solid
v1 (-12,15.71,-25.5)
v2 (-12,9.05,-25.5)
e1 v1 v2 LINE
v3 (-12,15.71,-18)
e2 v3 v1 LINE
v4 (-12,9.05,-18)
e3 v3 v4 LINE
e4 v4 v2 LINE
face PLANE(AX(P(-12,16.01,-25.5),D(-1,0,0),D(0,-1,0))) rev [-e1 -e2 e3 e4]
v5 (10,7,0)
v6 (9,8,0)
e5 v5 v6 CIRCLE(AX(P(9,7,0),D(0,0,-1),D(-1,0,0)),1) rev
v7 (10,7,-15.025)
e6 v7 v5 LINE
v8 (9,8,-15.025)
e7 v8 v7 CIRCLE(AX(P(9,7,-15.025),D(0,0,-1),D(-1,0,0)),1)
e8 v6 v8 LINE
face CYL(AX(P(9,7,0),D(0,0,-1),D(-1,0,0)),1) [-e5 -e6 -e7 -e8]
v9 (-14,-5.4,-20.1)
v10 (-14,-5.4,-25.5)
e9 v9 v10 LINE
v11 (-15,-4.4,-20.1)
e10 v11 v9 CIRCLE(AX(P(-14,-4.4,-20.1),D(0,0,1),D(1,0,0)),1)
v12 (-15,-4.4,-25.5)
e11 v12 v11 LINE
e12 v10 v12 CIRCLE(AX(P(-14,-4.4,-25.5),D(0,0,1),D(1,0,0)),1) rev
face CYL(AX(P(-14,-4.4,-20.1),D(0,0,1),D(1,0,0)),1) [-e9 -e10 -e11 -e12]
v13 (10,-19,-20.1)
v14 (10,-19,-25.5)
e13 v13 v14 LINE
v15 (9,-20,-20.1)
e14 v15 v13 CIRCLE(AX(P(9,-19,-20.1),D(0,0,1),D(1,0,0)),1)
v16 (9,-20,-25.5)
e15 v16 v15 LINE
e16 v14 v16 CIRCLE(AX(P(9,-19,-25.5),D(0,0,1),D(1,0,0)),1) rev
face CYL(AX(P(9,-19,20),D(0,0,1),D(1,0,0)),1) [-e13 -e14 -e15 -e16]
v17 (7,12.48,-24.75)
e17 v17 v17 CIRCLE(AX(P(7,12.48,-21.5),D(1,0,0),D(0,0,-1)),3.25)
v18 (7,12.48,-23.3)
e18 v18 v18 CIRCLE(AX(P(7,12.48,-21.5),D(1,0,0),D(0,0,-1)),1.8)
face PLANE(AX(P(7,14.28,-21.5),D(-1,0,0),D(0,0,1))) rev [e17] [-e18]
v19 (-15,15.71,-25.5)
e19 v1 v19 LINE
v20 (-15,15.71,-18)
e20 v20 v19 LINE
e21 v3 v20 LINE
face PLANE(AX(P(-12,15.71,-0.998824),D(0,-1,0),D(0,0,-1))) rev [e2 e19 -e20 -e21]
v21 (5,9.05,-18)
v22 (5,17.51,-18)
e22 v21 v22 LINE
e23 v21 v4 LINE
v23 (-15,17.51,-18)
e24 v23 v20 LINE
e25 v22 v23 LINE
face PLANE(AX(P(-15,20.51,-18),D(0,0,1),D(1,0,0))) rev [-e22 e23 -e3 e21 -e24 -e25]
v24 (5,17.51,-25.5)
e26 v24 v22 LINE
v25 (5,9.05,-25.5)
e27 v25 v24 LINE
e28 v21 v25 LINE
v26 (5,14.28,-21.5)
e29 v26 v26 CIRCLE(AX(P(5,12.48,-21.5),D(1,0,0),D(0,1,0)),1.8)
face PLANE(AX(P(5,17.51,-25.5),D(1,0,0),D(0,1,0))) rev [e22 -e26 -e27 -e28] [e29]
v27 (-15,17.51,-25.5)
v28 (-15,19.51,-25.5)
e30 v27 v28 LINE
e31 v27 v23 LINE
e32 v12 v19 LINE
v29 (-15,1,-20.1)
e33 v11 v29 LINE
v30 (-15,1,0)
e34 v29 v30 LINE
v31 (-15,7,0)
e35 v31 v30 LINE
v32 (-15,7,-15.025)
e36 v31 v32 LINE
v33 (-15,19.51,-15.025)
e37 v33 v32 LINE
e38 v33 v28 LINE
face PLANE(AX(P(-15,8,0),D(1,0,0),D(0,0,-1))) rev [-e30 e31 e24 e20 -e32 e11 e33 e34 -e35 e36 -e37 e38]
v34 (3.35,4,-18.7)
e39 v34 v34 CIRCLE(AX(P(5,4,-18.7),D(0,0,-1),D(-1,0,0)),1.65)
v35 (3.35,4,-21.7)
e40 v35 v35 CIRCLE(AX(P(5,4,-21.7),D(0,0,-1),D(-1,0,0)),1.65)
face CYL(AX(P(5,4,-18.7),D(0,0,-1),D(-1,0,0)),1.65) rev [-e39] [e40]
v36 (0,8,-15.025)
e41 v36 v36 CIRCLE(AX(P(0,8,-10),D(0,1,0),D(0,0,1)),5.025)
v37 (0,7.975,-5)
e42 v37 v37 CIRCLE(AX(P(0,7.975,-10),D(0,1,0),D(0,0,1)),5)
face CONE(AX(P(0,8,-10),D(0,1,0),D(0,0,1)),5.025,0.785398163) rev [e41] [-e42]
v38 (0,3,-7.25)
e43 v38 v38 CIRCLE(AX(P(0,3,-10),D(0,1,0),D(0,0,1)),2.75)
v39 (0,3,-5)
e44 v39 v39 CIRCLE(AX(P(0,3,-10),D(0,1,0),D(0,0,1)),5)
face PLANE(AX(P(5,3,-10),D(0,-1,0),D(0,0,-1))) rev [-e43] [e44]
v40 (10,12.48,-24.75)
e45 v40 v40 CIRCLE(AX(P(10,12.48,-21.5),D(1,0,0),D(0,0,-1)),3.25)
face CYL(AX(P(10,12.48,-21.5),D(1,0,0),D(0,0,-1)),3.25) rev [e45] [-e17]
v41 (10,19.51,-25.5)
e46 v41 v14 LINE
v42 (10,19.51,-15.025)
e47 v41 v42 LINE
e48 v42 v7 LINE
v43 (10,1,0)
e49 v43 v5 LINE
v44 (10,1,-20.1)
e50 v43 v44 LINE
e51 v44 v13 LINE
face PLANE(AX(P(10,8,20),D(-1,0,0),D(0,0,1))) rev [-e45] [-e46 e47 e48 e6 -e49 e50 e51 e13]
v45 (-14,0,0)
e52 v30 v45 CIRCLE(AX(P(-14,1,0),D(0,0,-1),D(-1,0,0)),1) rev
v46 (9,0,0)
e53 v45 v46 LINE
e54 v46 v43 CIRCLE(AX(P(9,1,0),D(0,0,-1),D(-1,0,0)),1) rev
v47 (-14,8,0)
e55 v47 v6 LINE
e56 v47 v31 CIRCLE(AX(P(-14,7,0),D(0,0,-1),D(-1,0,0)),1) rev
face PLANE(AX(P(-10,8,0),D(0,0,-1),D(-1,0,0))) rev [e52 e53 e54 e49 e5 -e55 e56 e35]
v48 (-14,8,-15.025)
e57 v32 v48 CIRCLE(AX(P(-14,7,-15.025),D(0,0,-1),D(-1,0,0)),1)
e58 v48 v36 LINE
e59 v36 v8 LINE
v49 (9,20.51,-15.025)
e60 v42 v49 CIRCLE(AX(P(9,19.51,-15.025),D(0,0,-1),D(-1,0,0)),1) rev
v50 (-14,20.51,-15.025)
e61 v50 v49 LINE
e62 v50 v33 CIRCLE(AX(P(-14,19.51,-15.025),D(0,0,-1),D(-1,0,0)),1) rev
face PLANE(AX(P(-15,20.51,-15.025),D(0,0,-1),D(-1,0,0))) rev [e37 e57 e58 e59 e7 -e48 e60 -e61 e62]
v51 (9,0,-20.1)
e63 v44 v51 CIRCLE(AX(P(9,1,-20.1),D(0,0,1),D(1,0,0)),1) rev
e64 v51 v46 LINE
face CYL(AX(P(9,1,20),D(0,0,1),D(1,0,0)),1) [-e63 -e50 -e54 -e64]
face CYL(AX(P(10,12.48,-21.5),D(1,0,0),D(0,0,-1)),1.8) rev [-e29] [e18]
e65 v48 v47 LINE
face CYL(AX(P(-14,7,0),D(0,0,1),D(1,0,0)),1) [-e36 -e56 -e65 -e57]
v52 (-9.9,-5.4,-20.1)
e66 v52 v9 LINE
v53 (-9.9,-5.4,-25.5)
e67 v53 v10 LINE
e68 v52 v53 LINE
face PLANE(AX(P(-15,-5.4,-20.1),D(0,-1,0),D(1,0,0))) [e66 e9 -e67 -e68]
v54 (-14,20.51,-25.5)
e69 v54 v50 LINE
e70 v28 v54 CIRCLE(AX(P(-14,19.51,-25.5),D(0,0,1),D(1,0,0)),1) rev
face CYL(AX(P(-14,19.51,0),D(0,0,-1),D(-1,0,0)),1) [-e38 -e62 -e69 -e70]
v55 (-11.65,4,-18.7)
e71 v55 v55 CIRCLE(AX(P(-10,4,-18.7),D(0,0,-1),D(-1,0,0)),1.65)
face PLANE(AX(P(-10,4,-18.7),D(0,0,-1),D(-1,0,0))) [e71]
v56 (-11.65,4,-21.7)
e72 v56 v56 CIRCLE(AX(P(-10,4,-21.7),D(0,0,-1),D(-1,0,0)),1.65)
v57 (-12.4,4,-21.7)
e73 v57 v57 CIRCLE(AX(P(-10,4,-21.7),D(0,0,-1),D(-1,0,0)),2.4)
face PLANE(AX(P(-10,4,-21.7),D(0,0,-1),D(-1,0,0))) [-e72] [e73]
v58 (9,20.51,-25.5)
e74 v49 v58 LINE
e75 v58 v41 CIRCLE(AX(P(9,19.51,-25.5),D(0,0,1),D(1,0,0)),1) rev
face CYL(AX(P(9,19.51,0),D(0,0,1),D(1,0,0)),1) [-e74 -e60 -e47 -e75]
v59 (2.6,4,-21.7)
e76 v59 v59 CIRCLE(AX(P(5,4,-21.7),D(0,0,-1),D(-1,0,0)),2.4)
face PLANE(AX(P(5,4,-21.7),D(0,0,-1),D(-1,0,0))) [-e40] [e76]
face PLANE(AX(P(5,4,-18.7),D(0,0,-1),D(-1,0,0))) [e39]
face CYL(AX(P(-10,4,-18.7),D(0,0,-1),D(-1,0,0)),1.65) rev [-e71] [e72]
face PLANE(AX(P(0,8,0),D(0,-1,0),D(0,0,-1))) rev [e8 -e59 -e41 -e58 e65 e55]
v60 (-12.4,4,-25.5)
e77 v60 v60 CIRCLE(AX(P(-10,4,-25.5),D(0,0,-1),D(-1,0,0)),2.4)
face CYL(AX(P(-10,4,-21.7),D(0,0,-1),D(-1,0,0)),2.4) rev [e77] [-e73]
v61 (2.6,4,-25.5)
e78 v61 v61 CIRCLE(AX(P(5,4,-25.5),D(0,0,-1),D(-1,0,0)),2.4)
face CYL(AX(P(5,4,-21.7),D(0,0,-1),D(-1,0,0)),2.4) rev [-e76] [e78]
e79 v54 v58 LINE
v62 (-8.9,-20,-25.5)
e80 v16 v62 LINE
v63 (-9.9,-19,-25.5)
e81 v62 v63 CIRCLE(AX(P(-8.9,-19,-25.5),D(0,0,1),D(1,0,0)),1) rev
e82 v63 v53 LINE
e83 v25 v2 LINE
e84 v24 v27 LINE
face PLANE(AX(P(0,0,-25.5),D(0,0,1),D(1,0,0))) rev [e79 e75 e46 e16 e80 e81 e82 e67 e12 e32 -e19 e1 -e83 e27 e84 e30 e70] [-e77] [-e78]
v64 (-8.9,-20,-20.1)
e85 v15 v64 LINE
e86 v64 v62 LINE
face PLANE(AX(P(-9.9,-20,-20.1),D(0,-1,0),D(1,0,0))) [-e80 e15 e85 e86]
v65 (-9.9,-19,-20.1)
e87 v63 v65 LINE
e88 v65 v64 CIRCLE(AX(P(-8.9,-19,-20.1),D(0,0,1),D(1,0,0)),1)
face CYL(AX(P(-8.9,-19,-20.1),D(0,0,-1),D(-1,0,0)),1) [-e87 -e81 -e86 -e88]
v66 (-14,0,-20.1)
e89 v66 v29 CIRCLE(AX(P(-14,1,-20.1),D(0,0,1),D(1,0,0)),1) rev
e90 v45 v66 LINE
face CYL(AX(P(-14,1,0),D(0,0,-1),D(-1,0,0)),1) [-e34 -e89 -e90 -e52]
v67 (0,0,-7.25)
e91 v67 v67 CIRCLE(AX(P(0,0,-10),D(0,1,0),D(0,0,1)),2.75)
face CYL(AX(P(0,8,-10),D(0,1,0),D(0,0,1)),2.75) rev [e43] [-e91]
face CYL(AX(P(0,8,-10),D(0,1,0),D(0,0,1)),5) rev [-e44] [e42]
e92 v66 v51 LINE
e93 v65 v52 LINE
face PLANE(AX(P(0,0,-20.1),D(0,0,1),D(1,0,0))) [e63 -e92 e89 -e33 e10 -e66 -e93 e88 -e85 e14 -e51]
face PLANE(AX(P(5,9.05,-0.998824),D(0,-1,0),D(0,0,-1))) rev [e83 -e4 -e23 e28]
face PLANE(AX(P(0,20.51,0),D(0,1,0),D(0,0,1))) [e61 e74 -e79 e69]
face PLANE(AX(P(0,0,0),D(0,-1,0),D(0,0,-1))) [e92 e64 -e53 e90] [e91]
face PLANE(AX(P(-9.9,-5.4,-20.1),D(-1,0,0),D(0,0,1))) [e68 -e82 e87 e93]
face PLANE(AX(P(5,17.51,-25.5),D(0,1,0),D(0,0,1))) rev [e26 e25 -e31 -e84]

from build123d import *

# Parameters (mm, degrees)
BOSS_EXTRUDE1_DEPTH            = 8
CBORE_FOR_M5_SHCS1_AT_2_COUNT  = 2
CBORE_FOR_M5_SHCS1_AT_2_PITCH  = 20
SKETCH5_W                      = 25
SKETCH5_H                      = 2.975
BOSS_EXTRUDE2_DEPTH            = 12.51
SKETCH6_W                      = 3
SKETCH6_H                      = 8.01
BOSS_EXTRUDE3_DEPTH            = 7.5
BOSS_EXTRUDE4_DEPTH            = 5.5
SKETCH8_W                      = 17
SKETCH8_H                      = 1.25
BOSS_EXTRUDE5_DEPTH            = 7.5
BOSS_EXTRUDE6_DEPTH            = 5.4
FILLET2_R                      = 1
CBORE_FOR_M3_SHCS1_D           = 3.6
CBORE_FOR_M3_SHCS1_DEPTH       = 5
CBORE_FOR_M3_SHCS1_CBORE_D     = 6.5
CBORE_FOR_M3_SHCS1_CBORE_DEPTH = 3
SKETCH13_R                     = 2.4
CUT_EXTRUDE1_DEPTH             = 3.8
SKETCH14_R                     = 1.65
CUT_EXTRUDE2_DEPTH             = 3
SKETCH15_W                     = 20
SKETCH15_H                     = 20
CUT_EXTRUDE3_DEPTH             = 29
SKETCH16_W                     = 17
SKETCH16_H                     = 0.2
SKETCH16_W_2                   = 3
SKETCH16_H_2                   = 0.3
CUT_EXTRUDE4_DEPTH             = 7.5


with BuildPart() as part:
    # Sketch1 → Boss-Extrude1 (new body)
    with BuildSketch(Plane(origin=(0, 0, 0), x_dir=(1, 0, 0), z_dir=(0, 1, 0))):
        Polygon((-10, 0), (-15, 0), (-15, 20), (-10, 20), (10, 20), (10, -20), (-10, -20), align=None)
    extrude(amount=BOSS_EXTRUDE1_DEPTH)

    # Sketch4 → CBORE for M5 SHCS1 (revolve, cut)
    with BuildSketch(Plane(origin=(0, 8, -10), x_dir=(0, 0, 1), z_dir=(1, 0, 0))):
        Polygon((0, 0), (0, 8), (2.75, 8), (2.75, 5), (5, 5), (5, 0.025), (5.025, 0), align=None)
    cbore_for_m5_shcs1 = revolve(axis=Axis((0, 14.35, -10), (0, -1, 0)), mode=Mode.SUBTRACT)

    # CBORE for M5 SHCS1 at 2: CBORE for M5 SHCS1 ×2
    with Locations(*[(0, 0, i * CBORE_FOR_M5_SHCS1_AT_2_PITCH) for i in range(1, CBORE_FOR_M5_SHCS1_AT_2_COUNT)]):
        add(cbore_for_m5_shcs1, mode=Mode.SUBTRACT)

    # Sketch5 → Boss-Extrude2 (add)
    with BuildSketch(Plane(origin=(0, 8, 0), x_dir=(1, 0, 0), z_dir=(0, 1, 0))):
        with Locations((-2.5, 16.5125)):
            Rectangle(SKETCH5_W, SKETCH5_H)
    extrude(amount=BOSS_EXTRUDE2_DEPTH)

    # Sketch6 → Boss-Extrude3 (add)
    with BuildSketch(Plane(origin=(0, 0, -18), x_dir=(-1, 0, 0), z_dir=(0, 0, -1))):
        Polygon((-10, 20.51), (15, 20.51), (15, 17.51), (-5, 17.51), (-5, 8), (-10, 8), (-10, 20), align=None)
        with Locations((13.5, 12.005)):
            Rectangle(SKETCH6_W, SKETCH6_H)
    extrude(amount=BOSS_EXTRUDE3_DEPTH)

    # Sketch7 → Boss-Extrude4 (add)
    with BuildSketch(Plane(origin=(0, 0, -20), x_dir=(-1, 0, 0), z_dir=(0, 0, -1))):
        Polygon((-10, 0), (15, 0), (15, 8), (12, 8), (-5, 8), (-10, 8), align=None)
    extrude(amount=BOSS_EXTRUDE4_DEPTH)

    # Sketch8 → Boss-Extrude5 (add)
    with BuildSketch(Plane(origin=(0, 0, -18), x_dir=(-1, 0, 0), z_dir=(0, 0, -1))):
        with Locations((3.5, 8.625)):
            Rectangle(SKETCH8_W, SKETCH8_H)
    extrude(amount=BOSS_EXTRUDE5_DEPTH)

    # Sketch9 → Boss-Extrude6 (add)
    with BuildSketch(Plane(origin=(0, 0, -25.5), x_dir=(-1, 0, 0), z_dir=(0, 0, -1))):
        Polygon((-10, 0), (15, 0), (15, -5.4), (9.9, -5.4), (9.9, -20), (-10, -20), align=None)
    extrude(amount=-BOSS_EXTRUDE6_DEPTH)

    # Fillet2
    fillet2_edges = [part.edges().sort_by_distance(p)[0] for p in [
        (10, 0, -0.05),
        (-15, 0, -10.05),
        (10, -20, -22.8),
        (-15, -5.4, -22.8),
        (-9.9, -20, -22.8),
        (-10, 8, 10),
        (-15, 8, -7.5125),
        (-15, 20.51, -20.2625),
        (10, 20.51, -20.2625),
        (10, 8, 2.4875),
    ]]
    fillet(fillet2_edges, radius=FILLET2_R)

    # CBORE for M3 SHCS1
    with Locations(Plane(origin=(10, 0, 0), x_dir=(0, 0, -1), z_dir=(1, 0, 0))):
        with Locations((21.5, 12.48)):
            CounterBoreHole(CBORE_FOR_M3_SHCS1_D / 2, CBORE_FOR_M3_SHCS1_CBORE_D / 2, CBORE_FOR_M3_SHCS1_CBORE_DEPTH, depth=CBORE_FOR_M3_SHCS1_DEPTH)

    # Sketch13 → Cut-Extrude1 (cut)
    with BuildSketch(Plane(origin=(0, 0, -25.5), x_dir=(-1, 0, 0), z_dir=(0, 0, -1))):
        with Locations((10, 4)):
            Circle(SKETCH13_R)
        with Locations((-5, 4)):
            Circle(SKETCH13_R)
    extrude(amount=-CUT_EXTRUDE1_DEPTH, mode=Mode.SUBTRACT)

    # Sketch14 → Cut-Extrude2 (cut)
    with BuildSketch(Plane(origin=(0, 0, -21.7), x_dir=(-1, 0, 0), z_dir=(0, 0, -1))):
        with Locations((-5, 4)):
            Circle(SKETCH14_R)
        with Locations((10, 4)):
            Circle(SKETCH14_R)
    extrude(amount=-CUT_EXTRUDE2_DEPTH, mode=Mode.SUBTRACT)

    # Sketch15 → Cut-Extrude3 (cut, through all)
    with BuildSketch(Plane(origin=(0, 8, 0), x_dir=(1, 0, 0), z_dir=(0, 1, 0))):
        with Locations((0, -10)):
            Rectangle(SKETCH15_W, SKETCH15_H)
    extrude(amount=-CUT_EXTRUDE3_DEPTH, mode=Mode.SUBTRACT)

    # Sketch16 → Cut-Extrude4 (cut)
    with BuildSketch(Plane(origin=(0, 0, -25.5), x_dir=(-1, 0, 0), z_dir=(0, 0, -1))):
        with Locations((3.5, 9.15)):
            Rectangle(SKETCH16_W, SKETCH16_H)
        with Locations((13.5, 15.86)):
            Rectangle(SKETCH16_W_2, SKETCH16_H_2)
    extrude(amount=-CUT_EXTRUDE4_DEPTH, mode=Mode.SUBTRACT)


solid = part.part
